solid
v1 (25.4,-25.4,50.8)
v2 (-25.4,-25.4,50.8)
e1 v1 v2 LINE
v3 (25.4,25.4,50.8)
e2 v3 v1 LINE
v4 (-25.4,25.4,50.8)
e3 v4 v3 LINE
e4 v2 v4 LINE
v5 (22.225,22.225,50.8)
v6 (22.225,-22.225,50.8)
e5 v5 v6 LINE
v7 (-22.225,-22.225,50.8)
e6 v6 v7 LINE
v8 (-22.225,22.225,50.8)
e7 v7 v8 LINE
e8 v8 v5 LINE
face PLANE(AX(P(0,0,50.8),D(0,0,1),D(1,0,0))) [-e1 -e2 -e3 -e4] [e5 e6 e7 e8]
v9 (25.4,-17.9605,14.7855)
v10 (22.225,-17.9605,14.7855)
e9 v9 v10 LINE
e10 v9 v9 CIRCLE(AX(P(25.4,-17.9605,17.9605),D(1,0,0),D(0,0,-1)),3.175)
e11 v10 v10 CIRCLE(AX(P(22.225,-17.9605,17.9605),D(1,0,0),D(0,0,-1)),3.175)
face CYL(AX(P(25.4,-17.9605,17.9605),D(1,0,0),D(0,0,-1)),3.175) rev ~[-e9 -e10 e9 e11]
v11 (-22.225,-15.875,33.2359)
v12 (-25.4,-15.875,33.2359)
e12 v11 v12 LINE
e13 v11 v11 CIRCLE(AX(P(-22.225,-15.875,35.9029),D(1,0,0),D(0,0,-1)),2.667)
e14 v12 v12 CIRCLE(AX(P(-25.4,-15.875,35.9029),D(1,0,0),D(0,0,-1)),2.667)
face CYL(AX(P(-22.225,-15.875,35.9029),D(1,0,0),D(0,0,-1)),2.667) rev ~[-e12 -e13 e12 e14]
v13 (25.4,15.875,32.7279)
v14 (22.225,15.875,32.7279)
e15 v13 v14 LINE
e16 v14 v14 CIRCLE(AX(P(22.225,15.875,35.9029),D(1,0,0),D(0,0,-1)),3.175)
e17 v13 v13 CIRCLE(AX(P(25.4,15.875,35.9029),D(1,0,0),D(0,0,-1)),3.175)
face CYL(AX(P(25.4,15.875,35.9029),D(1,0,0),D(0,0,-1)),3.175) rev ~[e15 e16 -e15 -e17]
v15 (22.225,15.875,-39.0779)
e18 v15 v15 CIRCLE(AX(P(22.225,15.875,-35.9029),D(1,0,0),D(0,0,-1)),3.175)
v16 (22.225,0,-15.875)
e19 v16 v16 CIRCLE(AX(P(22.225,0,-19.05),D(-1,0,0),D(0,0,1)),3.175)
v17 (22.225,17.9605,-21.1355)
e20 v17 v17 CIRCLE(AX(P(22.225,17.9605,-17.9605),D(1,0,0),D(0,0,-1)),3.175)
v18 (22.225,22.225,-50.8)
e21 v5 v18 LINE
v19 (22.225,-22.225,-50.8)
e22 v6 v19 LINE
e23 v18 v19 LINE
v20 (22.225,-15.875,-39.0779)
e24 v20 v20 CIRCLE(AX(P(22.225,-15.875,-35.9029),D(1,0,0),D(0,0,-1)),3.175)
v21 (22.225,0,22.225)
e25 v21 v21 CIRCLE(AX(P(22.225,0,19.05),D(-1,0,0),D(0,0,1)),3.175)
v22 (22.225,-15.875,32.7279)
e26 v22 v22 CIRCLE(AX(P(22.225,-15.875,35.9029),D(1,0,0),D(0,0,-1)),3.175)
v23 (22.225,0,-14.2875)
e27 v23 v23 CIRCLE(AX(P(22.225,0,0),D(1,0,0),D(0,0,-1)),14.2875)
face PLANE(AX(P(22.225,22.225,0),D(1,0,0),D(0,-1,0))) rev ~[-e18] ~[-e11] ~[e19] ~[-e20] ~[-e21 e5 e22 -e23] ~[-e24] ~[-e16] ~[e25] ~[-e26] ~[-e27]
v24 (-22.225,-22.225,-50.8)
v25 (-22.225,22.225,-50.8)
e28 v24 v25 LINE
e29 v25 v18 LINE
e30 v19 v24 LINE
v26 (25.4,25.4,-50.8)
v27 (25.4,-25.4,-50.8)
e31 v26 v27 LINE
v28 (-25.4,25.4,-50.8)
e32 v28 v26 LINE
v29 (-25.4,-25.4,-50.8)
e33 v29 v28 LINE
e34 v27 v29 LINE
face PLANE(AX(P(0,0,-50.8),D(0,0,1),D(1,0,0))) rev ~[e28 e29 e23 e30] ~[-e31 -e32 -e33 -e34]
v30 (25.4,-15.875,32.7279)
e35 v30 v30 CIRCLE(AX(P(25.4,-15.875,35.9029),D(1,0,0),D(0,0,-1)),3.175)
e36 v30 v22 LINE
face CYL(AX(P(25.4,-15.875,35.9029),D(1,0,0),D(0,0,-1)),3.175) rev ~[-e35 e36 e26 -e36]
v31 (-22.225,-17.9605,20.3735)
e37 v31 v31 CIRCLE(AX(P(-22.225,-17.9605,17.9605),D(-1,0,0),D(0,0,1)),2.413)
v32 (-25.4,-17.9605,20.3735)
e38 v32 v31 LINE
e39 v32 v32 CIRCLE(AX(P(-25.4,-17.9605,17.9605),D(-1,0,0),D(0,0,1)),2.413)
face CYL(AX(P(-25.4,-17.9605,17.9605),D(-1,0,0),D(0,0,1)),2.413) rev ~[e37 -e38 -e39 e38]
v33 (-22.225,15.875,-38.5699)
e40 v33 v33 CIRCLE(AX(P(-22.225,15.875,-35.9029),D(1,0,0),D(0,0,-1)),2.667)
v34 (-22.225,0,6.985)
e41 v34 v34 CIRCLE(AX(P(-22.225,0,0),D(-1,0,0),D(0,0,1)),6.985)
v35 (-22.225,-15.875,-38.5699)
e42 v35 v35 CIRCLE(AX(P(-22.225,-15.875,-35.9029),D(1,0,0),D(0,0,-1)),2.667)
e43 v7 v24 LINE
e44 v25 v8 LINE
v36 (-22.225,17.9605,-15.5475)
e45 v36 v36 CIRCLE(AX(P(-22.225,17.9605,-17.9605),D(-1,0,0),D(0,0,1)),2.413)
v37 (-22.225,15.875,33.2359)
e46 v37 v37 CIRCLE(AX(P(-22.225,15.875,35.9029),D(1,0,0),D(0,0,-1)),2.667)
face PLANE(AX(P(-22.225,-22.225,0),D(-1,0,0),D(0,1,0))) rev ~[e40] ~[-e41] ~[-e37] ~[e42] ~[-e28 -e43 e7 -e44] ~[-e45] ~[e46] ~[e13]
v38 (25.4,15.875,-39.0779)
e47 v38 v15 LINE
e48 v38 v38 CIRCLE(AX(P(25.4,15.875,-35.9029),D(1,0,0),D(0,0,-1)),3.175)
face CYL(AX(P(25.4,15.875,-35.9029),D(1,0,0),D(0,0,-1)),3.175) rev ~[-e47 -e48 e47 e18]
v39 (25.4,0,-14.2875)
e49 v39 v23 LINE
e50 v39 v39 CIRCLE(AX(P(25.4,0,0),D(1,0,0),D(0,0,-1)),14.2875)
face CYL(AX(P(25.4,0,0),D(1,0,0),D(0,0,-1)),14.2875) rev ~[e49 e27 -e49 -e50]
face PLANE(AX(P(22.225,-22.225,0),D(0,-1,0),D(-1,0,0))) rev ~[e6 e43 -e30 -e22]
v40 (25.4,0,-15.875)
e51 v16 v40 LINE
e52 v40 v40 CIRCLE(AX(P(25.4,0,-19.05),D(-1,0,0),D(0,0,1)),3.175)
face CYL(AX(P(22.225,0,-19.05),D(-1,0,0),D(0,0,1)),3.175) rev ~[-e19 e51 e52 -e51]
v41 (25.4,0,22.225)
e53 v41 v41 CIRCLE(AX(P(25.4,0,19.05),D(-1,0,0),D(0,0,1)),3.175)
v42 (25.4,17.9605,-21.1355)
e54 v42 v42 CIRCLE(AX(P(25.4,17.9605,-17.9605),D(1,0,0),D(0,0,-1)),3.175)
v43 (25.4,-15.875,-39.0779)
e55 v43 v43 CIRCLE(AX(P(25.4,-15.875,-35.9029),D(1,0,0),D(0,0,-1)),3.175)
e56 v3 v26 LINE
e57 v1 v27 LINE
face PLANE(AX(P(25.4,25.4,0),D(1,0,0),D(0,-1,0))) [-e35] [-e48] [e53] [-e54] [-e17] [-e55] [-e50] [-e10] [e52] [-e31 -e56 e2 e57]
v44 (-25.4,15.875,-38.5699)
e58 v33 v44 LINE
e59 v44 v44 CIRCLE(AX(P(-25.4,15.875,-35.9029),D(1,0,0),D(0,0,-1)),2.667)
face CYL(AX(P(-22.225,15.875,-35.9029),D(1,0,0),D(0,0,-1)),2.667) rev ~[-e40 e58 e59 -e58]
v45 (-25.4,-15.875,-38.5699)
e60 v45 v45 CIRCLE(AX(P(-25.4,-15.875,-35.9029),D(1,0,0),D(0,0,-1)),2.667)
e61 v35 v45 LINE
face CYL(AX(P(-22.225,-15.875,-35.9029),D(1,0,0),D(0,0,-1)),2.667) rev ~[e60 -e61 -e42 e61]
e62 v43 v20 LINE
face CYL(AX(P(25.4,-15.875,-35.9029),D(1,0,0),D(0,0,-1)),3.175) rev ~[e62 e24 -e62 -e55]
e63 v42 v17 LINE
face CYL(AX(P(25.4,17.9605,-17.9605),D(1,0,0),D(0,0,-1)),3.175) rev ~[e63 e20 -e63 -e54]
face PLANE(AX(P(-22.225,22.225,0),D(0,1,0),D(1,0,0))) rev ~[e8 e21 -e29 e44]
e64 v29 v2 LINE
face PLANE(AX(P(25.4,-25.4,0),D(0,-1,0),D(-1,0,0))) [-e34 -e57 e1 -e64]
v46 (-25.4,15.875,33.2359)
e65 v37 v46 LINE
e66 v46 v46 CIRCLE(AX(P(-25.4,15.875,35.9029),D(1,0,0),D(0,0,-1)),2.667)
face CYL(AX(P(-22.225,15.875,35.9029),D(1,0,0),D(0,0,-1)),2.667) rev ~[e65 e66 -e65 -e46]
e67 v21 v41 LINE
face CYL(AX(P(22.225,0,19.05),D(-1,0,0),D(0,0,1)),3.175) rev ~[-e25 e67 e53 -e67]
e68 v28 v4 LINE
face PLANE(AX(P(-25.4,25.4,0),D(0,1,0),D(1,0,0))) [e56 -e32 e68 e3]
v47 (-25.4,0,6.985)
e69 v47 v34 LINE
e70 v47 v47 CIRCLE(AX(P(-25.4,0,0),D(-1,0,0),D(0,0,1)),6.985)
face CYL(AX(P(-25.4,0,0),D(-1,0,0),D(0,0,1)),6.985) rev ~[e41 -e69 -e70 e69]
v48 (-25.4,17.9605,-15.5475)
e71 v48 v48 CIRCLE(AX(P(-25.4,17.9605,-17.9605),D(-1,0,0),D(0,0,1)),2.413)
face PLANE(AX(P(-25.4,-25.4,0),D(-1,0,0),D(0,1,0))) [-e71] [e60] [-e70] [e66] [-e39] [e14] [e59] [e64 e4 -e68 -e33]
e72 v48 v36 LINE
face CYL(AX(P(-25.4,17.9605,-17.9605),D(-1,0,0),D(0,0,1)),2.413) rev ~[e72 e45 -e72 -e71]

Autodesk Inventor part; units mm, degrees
ref_plane "YZ Plane" through (0, 0, 0) normal (1, 0, 0) x (0, 1, 0)
ref_plane "XZ Plane" through (0, 0, 0) normal (0, 1, 0) x (-1, 0, 0)
ref_plane "XY Plane" through (0, 0, 0) normal (0, 0, 1) x (1, 0, 0)
sketch "Sketch1" plane through (0, 0, 0) normal (0, 0, 1) x (1, 0, 0)
  line L0 (-35.56, 0) -> (35.56, 0) construction
  line L1 (0, -35.56) -> (0, 35.56) construction
  line L2 (-25.4, 25.4) -> (25.4, 25.4)
  line L3 (25.4, 25.4) -> (25.4, -25.4)
  line L4 (25.4, -25.4) -> (-25.4, -25.4)
  line L5 (-25.4, -25.4) -> (-25.4, 25.4)
  line L6 (-22.225, 22.225) -> (22.225, 22.225)
  line L7 (22.225, 22.225) -> (22.225, -22.225)
  line L8 (22.225, -22.225) -> (-22.225, -22.225)
  line L9 (-22.225, -22.225) -> (-22.225, 22.225)
  point P0 (0, 0)
  point P1 (-25.4, 0)
  point P2 (0, 25.4)
  point P3 (-22.225, 0)
  point P4 (0, 22.225)
  dimension "d0" = 50.8
  dimension "d1" = 3.175
  dimension "d11" = 50.8
  dimension "d12" = 3.175
extrude "Extrusion1" add sketch "Sketch1" along normal mid plane 101.6
sketch "Sketch6" plane through (-25.4, -25.4, 50.8) normal (-1, 0, 0) x (0, 0, 1)
  circle A0 centre (-68.7605, 43.3605) radius 2.0193 construction
  circle A1 centre (-32.8395, 7.4395) radius 2.0193 construction
  circle A2 centre (-50.8, 25.4) radius 6.985 projected
  line L0 (0, 47.625) -> (-101.6, 47.625) construction
  line L1 (-101.6, 3.175) -> (-101.6, 47.625) construction
  line L2 (0, 3.175) -> (-101.6, 3.175) construction
  line L3 (0, 47.625) -> (0, 3.175) construction
  circle A3 centre (-86.7029, 41.275) radius 3.175 projected
  circle A4 centre (-14.8971, 9.525) radius 3.175 projected
  circle A5 centre (-86.7029, 9.525) radius 3.175 projected
  circle A6 centre (-14.8971, 41.275) radius 3.175 projected
  circle A7 centre (-68.7605, 43.3605) radius 2.413
  circle A8 centre (-32.8395, 7.4395) radius 2.413
  point P0 (-50.8, 25.4)
  dimension "d38" = 4.826
sketch "Sketch7" plane through (25.4, -25.4, 50.8) normal (1, 0, 0) x (0, 0, -1)
  circle A0 centre (50.8, 25.4) radius 14.2875
  dimension "d25" = 28.575
extrude "Extrusion8" cut sketch "Sketch7" against normal up to next
sketch "Sketch8" plane through (-22.225, -22.225, -50.8) normal (1, 0, 0) x (0, 0, -1)
  circle A0 centre (-14.8971, 6.35) radius 2.667 projected
  circle A1 centre (-86.7029, 6.35) radius 2.667 projected
  circle A2 centre (-86.7029, 38.1) radius 2.667 projected
  circle A3 centre (-14.8971, 38.1) radius 2.667 projected
  point P0 (-50.8, 22.225)
extrude "Extrusion9" cut sketch "Sketch8" against normal up to next
sketch "Sketch9" plane through (25.4, -25.4, 50.8) normal (1, 0, 0) x (0, 0, -1)
  circle A0 centre (14.8971, 9.525) radius 3.175 projected
  circle A1 centre (14.8971, 41.275) radius 3.175 projected
  circle A2 centre (86.7029, 9.525) radius 3.175 projected
  circle A3 centre (86.7029, 41.275) radius 3.175 projected
  point P0 (50.8, 25.4)
extrude "Extrusion10" cut sketch "Sketch9" against normal up to next
sketch "Sketch10" plane through (22.225, -22.225, -50.8) normal (-1, 0, 0) x (0, 0, 1)
  circle A0 centre (69.85, 22.225) radius 2.667 construction
  circle A1 centre (31.75, 22.225) radius 2.667 construction
  circle A2 centre (69.85, 22.225) radius 3.175
  circle A3 centre (31.75, 22.225) radius 3.175
  point P0 (50.8, 22.225)
  dimension "d32" = 6.35
extrude "Extrusion11" cut sketch "Sketch10" against normal through all
sketch "Sketch11" plane through (25.4, -25.4, 50.8) normal (1, 0, 0) x (0, 0, -1)
  circle A0 centre (68.7605, 43.3605) radius 2.0193 construction
  circle A1 centre (32.8395, 7.4395) radius 2.0193 construction
  circle A2 centre (68.7605, 43.3605) radius 3.175
  circle A3 centre (32.8395, 7.4395) radius 3.175
  point P0 (50.8, 25.4)
  dimension "d35" = 6.35
extrude "Extrusion12" cut sketch "Sketch11" against normal up to next
extrude "Extrusion13" cut sketch "Sketch6" against normal up to next contours A2 | A7 | A8
equation "\"d12\" = d1"
properties part number "Arm 4 inch" material "Aluminum 6061"
